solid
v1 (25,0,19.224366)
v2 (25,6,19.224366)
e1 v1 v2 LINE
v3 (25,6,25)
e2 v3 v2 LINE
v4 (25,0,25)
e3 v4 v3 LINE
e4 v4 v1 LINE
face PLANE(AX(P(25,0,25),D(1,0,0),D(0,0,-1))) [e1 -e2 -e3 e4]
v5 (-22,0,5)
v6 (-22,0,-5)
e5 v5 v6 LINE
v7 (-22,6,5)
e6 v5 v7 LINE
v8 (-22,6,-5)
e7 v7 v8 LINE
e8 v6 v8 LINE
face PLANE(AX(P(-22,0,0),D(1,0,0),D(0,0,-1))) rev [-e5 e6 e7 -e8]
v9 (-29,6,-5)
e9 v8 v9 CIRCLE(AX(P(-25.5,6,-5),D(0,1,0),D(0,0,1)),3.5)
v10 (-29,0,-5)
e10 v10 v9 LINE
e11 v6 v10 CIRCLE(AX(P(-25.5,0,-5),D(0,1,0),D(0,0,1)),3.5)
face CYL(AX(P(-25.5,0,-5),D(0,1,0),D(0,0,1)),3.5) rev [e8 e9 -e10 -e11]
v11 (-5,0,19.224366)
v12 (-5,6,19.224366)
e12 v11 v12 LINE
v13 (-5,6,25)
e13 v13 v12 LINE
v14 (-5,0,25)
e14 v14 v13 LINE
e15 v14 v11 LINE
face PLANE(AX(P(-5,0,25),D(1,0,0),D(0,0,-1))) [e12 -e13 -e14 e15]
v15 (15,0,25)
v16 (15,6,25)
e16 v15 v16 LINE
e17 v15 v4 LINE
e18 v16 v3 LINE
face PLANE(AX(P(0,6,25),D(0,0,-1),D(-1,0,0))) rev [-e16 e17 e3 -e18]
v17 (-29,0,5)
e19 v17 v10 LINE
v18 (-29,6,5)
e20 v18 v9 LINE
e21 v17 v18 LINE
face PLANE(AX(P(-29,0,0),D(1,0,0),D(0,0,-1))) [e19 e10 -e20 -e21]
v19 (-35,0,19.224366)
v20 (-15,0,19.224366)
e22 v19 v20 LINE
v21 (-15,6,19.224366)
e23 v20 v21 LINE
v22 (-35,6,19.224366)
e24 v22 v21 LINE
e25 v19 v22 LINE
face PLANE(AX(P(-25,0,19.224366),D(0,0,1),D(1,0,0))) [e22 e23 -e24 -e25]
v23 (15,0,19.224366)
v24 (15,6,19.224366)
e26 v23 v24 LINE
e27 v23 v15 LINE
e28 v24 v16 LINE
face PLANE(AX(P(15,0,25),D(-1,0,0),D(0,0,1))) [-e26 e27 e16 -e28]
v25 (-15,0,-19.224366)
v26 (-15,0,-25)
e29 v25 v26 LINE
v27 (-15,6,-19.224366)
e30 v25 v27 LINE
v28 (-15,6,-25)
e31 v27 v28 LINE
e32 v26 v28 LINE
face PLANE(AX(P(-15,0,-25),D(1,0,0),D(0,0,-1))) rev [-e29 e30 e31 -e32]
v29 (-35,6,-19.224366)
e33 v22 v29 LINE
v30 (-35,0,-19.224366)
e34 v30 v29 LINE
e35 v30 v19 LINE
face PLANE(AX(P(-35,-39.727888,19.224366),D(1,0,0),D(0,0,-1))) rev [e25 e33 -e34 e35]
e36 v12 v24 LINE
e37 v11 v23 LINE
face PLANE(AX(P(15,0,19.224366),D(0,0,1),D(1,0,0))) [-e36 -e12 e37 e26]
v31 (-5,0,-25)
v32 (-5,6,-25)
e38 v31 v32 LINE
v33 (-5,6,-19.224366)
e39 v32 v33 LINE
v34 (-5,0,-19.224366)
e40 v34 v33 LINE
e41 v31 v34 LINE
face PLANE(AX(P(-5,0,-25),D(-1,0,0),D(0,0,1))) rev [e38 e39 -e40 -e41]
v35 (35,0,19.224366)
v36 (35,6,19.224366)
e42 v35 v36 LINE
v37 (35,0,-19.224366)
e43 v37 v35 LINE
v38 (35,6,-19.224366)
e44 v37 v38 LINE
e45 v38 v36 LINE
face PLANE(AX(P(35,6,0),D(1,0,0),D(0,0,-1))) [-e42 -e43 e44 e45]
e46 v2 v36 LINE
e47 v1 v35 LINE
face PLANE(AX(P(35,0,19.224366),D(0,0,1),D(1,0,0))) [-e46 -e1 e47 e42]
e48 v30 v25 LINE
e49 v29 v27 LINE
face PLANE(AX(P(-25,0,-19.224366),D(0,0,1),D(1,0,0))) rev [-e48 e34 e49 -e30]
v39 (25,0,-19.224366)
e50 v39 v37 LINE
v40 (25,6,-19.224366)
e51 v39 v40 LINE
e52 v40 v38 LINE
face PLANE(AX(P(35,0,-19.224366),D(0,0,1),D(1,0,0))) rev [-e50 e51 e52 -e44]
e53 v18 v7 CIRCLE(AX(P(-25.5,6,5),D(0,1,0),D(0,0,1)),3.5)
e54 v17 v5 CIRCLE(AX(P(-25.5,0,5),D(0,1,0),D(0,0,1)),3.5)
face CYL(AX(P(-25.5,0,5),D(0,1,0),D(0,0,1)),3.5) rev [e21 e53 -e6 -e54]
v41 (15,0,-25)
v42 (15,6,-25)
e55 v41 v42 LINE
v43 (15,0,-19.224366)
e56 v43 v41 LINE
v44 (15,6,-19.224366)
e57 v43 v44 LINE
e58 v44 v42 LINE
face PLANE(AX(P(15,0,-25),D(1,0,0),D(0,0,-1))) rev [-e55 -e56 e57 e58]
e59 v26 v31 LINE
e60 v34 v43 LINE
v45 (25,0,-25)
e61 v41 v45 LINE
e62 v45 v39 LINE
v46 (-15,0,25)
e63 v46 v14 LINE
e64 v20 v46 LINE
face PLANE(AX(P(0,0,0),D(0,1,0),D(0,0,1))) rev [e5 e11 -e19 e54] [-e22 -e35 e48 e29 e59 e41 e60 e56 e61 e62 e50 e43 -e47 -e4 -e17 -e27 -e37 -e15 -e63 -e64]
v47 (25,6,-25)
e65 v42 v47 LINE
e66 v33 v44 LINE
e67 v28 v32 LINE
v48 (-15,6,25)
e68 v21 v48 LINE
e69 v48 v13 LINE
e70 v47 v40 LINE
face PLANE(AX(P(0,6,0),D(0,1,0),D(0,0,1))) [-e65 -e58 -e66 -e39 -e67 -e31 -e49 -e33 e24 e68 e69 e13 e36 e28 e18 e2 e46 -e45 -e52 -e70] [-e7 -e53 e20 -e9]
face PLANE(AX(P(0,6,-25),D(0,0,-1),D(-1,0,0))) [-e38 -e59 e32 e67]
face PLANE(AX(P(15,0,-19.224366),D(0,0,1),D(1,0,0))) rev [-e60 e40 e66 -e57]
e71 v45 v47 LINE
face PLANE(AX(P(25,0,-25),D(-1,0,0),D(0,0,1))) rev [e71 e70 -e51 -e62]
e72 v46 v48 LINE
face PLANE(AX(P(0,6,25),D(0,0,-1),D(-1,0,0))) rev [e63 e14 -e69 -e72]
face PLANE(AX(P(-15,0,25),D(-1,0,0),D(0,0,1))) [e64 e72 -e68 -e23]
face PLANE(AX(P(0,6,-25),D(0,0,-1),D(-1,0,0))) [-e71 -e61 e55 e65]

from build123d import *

# Parameters (mm, degrees)
SKETCH1_W           = 60
SKETCH1_H           = 50
BOSS_EXTRUDE1_DEPTH = 6
SKETCH3_W           = 10
SKETCH3_H           = 5.775633532
SKETCH3_W_2         = 20
CUT_EXTRUDE2_DEPTH  = 7
SKETCH4_W           = 10
SKETCH4_H           = 38.448732936
BOSS_EXTRUDE2_DEPTH = 6
CUT_EXTRUDE3_DEPTH  = 7


with BuildPart() as part:
    # Sketch1 → Boss-Extrude1 (new body)
    with BuildSketch(Plane(origin=(0, 0, 0), x_dir=(1, 0, 0), z_dir=(0, 1, 0))):
        with Locations((5, 0)):
            Rectangle(SKETCH1_W, SKETCH1_H)
    extrude(amount=BOSS_EXTRUDE1_DEPTH)

    # Sketch3 → Cut-Extrude2 (cut, through all)
    with BuildSketch(Plane(origin=(0, 6, 0), x_dir=(1, 0, 0), z_dir=(0, 1, 0))):
        with Locations((30, 22.112183234)):
            Rectangle(SKETCH3_W, SKETCH3_H)
        with Locations((5, 22.112183234)):
            Rectangle(SKETCH3_W_2, SKETCH3_H)
        with Locations((-20, 22.112183234)):
            Rectangle(SKETCH3_W, SKETCH3_H)
    cut_extrude2 = extrude(amount=-CUT_EXTRUDE2_DEPTH, mode=Mode.SUBTRACT)

    # Mirror2: Cut-Extrude2 across plane
    add(cut_extrude2.mirror(Plane.XY), mode=Mode.SUBTRACT)

    # Sketch4 → Boss-Extrude2 (add)
    with BuildSketch(Plane(origin=(0, 6, 0), x_dir=(1, 0, 0), z_dir=(0, 1, 0))):
        with Locations((-30, 0)):
            Rectangle(SKETCH4_W, SKETCH4_H)
    extrude(amount=-BOSS_EXTRUDE2_DEPTH)

    # Sketch5 → Cut-Extrude3 (cut, through all)
    with BuildSketch(Plane(origin=(0, 6, 0), x_dir=(1, 0, 0), z_dir=(0, 1, 0))):
        with BuildLine():
            Line((-22, -5), (-22, 5))
            ThreePointArc((-22, 5), (-25.5, 8.5), (-29, 5))
            Line((-29, 5), (-29, -5))
            ThreePointArc((-29, -5), (-25.5, -8.5), (-22, -5))
        make_face()
    extrude(amount=-CUT_EXTRUDE3_DEPTH, mode=Mode.SUBTRACT)


solid = part.part
